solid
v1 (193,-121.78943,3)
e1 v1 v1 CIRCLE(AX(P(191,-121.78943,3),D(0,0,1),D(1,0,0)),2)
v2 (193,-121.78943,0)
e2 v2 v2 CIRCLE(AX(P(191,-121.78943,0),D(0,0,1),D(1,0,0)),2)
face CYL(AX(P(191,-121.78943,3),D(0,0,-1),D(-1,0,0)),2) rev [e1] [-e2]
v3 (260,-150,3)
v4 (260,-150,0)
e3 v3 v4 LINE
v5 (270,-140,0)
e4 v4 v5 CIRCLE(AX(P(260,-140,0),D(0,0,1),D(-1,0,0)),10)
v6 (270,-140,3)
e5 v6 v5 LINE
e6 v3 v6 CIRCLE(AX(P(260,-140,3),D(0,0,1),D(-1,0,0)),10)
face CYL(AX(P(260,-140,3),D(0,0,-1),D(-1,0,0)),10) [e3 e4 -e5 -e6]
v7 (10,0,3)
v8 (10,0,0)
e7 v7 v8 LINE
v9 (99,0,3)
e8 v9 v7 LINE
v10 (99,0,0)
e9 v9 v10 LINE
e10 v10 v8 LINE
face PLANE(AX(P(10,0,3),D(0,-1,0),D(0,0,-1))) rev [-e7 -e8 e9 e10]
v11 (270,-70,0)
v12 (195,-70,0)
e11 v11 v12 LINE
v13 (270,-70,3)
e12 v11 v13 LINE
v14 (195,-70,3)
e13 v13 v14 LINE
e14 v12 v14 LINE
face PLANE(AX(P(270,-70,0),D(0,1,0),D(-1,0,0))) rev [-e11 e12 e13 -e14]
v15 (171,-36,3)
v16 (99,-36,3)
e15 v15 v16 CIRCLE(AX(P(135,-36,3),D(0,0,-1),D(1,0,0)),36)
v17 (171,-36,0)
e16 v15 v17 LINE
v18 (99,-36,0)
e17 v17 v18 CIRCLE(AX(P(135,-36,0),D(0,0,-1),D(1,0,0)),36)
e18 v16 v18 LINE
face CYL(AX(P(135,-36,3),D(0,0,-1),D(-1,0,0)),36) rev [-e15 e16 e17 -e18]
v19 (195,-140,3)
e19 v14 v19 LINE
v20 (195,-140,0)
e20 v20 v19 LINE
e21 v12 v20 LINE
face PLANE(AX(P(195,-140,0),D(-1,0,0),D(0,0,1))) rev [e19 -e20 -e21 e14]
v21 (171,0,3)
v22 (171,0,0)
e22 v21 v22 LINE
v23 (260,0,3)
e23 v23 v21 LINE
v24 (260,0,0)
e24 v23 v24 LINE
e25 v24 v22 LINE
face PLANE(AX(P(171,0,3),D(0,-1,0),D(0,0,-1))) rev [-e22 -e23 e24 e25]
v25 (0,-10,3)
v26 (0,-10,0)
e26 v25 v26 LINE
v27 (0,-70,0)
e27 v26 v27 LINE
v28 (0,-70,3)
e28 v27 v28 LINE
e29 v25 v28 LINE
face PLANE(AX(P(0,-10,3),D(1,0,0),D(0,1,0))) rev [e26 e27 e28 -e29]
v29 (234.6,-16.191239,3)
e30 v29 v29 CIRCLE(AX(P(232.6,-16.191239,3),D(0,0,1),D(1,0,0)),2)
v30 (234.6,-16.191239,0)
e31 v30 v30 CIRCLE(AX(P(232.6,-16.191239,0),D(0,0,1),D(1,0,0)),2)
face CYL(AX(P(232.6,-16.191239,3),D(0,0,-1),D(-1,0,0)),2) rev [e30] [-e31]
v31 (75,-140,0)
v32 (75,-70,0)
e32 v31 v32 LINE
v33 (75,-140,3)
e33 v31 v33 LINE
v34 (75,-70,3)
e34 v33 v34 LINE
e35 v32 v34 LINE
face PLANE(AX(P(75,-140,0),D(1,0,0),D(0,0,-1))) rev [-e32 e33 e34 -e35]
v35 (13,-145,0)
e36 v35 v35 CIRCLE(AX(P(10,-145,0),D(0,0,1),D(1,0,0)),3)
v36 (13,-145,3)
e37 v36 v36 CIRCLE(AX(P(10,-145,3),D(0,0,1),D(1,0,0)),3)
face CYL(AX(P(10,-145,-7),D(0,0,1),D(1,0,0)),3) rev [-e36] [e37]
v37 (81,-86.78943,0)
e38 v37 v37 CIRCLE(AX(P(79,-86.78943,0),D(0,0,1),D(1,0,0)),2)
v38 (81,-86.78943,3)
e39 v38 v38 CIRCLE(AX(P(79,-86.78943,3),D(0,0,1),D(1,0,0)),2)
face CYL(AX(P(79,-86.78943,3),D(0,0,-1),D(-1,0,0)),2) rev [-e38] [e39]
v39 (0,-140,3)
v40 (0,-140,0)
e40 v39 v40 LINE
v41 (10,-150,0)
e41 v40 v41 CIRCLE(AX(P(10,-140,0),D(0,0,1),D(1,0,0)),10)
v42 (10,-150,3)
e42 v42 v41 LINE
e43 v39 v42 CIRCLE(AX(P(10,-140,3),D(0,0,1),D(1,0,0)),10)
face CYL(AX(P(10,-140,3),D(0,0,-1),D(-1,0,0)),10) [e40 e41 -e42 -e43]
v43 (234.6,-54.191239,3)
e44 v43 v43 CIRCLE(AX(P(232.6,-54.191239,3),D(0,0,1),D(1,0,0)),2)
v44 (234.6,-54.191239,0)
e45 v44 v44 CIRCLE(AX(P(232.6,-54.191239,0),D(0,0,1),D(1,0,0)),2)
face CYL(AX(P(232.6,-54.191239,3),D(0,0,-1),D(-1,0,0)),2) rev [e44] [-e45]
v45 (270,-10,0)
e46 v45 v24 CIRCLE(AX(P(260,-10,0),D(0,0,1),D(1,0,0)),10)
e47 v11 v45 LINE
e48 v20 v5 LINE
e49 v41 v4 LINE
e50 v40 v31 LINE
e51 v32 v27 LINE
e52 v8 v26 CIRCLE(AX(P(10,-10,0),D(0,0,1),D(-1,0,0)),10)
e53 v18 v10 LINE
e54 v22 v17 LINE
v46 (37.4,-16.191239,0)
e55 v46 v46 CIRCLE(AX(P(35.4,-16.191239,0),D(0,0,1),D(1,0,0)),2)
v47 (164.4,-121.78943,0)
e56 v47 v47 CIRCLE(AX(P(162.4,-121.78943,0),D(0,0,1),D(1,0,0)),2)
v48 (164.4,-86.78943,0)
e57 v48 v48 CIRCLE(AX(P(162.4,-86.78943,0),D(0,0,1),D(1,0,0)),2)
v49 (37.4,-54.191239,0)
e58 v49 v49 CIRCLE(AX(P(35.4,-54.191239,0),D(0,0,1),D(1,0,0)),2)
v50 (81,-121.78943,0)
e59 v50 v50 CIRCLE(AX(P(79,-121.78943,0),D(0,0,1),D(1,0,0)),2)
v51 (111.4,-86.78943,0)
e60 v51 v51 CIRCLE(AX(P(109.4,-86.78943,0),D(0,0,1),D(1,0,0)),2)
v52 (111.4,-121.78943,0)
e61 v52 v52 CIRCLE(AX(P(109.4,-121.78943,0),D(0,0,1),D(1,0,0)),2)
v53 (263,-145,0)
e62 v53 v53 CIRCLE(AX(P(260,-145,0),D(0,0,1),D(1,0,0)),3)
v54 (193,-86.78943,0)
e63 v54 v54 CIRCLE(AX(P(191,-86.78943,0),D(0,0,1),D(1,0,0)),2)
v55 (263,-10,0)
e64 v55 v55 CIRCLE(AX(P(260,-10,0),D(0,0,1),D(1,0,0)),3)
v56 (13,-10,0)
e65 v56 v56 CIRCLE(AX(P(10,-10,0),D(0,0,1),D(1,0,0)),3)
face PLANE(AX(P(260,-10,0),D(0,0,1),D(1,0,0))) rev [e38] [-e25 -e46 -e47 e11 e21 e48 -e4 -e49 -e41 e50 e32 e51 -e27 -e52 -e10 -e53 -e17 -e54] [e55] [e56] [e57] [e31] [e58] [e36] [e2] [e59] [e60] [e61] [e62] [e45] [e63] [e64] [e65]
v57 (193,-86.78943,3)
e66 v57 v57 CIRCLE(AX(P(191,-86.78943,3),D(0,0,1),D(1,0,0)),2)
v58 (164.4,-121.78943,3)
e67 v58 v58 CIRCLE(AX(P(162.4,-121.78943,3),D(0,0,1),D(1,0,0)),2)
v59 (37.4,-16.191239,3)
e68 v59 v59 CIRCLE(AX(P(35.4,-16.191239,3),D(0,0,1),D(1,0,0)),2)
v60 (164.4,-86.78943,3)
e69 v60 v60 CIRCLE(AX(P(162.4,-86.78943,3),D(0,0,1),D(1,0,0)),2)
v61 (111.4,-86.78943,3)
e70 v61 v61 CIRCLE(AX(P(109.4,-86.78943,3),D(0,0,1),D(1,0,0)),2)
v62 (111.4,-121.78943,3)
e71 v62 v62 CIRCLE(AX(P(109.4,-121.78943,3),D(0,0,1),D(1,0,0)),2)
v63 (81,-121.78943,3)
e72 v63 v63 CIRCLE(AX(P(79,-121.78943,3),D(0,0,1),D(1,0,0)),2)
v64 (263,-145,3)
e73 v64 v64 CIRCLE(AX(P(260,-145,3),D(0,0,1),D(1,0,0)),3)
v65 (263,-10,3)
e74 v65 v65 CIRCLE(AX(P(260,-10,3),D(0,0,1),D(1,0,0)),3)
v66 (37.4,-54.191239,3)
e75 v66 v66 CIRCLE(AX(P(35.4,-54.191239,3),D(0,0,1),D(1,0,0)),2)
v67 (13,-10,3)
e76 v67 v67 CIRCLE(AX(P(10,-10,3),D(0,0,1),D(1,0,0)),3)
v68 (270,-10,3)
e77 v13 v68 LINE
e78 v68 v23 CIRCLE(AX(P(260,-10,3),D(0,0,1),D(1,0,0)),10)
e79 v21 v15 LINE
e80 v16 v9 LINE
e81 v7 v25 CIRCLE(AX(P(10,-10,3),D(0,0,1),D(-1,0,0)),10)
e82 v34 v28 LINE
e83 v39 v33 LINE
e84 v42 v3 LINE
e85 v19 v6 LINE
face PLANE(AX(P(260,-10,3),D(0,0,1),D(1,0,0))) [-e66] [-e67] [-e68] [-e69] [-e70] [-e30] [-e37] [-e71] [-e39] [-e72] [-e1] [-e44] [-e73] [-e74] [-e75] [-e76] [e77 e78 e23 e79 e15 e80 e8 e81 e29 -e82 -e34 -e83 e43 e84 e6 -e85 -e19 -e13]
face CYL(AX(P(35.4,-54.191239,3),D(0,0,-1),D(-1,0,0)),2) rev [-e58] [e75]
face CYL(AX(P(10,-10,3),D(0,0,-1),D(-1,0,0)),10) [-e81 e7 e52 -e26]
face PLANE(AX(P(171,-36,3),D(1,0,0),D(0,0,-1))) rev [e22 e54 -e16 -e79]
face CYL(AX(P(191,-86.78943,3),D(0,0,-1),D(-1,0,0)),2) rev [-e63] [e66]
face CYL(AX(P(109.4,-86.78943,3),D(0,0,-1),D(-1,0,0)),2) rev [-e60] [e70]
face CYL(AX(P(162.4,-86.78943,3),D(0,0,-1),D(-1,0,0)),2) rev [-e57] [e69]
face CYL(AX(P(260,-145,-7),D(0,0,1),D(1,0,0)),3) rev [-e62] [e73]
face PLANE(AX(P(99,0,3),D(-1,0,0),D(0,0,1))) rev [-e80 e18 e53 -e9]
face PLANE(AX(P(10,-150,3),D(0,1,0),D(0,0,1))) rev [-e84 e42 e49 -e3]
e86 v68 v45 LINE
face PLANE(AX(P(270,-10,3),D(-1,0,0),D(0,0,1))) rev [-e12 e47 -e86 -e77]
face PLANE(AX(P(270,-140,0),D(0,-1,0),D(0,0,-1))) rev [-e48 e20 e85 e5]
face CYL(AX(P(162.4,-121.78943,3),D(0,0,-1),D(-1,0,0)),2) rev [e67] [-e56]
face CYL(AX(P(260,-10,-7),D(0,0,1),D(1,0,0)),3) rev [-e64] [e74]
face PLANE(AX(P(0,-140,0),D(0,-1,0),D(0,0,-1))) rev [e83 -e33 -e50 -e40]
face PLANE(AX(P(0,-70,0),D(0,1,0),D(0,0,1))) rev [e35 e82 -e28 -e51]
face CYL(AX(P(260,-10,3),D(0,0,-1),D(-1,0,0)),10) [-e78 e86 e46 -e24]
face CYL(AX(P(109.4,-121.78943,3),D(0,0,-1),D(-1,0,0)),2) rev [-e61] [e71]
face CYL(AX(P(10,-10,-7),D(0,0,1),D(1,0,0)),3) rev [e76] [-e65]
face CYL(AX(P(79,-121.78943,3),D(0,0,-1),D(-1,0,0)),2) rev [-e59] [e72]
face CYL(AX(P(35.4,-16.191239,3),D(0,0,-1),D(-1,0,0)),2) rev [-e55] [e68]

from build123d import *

# Parameters (mm, degrees)
ESQUISSE1_R             = 2
BOSS_EXTRU_1_DEPTH      = 3
ESQUISSE2_W             = 75
ESQUISSE2_H             = 70
ENL_V_MAT_EXTRU_1_DEPTH = 3
ESQUISSE3_R             = 3
ENL_V_MAT_EXTRU_2_DEPTH = 10


with BuildPart() as part:
    # Esquisse1 → Boss.-Extru.1 (new body)
    with BuildSketch(Plane.XY):
        with BuildLine():
            Line((10, 0), (99, 0))
            Line((99, 0), (99, -36))
            ThreePointArc((99, -36), (135, -72), (171, -36))
            Line((171, -36), (171, 0))
            Line((171, 0), (260, 0))
            ThreePointArc((260, 0), (267.071067812, -2.928932188), (270, -10))
            Line((270, -10), (270, -140))
            ThreePointArc((270, -140), (267.071067812, -147.071067812), (260, -150))
            Line((260, -150), (10, -150))
            ThreePointArc((10, -150), (2.928932188, -147.071067812), (0, -140))
            Line((0, -140), (0, -10))
            ThreePointArc((0, -10), (2.928932188, -2.928932188), (10, 0))
        make_face()
        with Locations((109.4, -121.789429788)):
            Circle(ESQUISSE1_R, mode=Mode.SUBTRACT)
        with Locations((109.4, -86.789429788)):
            Circle(ESQUISSE1_R, mode=Mode.SUBTRACT)
        with Locations((79, -121.789429788)):
            Circle(ESQUISSE1_R, mode=Mode.SUBTRACT)
        with Locations((79, -86.789429788)):
            Circle(ESQUISSE1_R, mode=Mode.SUBTRACT)
        with Locations((162.4, -121.789429788)):
            Circle(ESQUISSE1_R, mode=Mode.SUBTRACT)
        with Locations((162.4, -86.789429788)):
            Circle(ESQUISSE1_R, mode=Mode.SUBTRACT)
        with Locations((191, -121.789429788)):
            Circle(ESQUISSE1_R, mode=Mode.SUBTRACT)
        with Locations((191, -86.789429788)):
            Circle(ESQUISSE1_R, mode=Mode.SUBTRACT)
        with Locations((35.4, -16.191238784)):
            Circle(ESQUISSE1_R, mode=Mode.SUBTRACT)
        with Locations((35.4, -54.191238784)):
            Circle(ESQUISSE1_R, mode=Mode.SUBTRACT)
        with Locations((232.6, -16.191238784)):
            Circle(ESQUISSE1_R, mode=Mode.SUBTRACT)
        with Locations((232.6, -54.191238784)):
            Circle(ESQUISSE1_R, mode=Mode.SUBTRACT)
    extrude(amount=BOSS_EXTRU_1_DEPTH)

    # Esquisse2 → Enlèv. mat.-Extru.1 (cut)
    with BuildSketch(Plane.XY.offset(3)):
        with Locations((37.5, -105)):
            Rectangle(ESQUISSE2_W, ESQUISSE2_H)
        with Locations((232.5, -105)):
            Rectangle(ESQUISSE2_W, ESQUISSE2_H)
    extrude(amount=-ENL_V_MAT_EXTRU_1_DEPTH, mode=Mode.SUBTRACT)

    # Esquisse3 → Enlèv. mat.-Extru.2 (cut)
    with BuildSketch(Plane.XY.offset(3)):
        with Locations((10, -10)):
            Circle(ESQUISSE3_R)
        with Locations((260, -10)):
            Circle(ESQUISSE3_R)
        with Locations((260, -145)):
            Circle(ESQUISSE3_R)
        with Locations((10, -145)):
            Circle(ESQUISSE3_R)
    extrude(amount=-ENL_V_MAT_EXTRU_2_DEPTH, mode=Mode.SUBTRACT)


solid = part.part
